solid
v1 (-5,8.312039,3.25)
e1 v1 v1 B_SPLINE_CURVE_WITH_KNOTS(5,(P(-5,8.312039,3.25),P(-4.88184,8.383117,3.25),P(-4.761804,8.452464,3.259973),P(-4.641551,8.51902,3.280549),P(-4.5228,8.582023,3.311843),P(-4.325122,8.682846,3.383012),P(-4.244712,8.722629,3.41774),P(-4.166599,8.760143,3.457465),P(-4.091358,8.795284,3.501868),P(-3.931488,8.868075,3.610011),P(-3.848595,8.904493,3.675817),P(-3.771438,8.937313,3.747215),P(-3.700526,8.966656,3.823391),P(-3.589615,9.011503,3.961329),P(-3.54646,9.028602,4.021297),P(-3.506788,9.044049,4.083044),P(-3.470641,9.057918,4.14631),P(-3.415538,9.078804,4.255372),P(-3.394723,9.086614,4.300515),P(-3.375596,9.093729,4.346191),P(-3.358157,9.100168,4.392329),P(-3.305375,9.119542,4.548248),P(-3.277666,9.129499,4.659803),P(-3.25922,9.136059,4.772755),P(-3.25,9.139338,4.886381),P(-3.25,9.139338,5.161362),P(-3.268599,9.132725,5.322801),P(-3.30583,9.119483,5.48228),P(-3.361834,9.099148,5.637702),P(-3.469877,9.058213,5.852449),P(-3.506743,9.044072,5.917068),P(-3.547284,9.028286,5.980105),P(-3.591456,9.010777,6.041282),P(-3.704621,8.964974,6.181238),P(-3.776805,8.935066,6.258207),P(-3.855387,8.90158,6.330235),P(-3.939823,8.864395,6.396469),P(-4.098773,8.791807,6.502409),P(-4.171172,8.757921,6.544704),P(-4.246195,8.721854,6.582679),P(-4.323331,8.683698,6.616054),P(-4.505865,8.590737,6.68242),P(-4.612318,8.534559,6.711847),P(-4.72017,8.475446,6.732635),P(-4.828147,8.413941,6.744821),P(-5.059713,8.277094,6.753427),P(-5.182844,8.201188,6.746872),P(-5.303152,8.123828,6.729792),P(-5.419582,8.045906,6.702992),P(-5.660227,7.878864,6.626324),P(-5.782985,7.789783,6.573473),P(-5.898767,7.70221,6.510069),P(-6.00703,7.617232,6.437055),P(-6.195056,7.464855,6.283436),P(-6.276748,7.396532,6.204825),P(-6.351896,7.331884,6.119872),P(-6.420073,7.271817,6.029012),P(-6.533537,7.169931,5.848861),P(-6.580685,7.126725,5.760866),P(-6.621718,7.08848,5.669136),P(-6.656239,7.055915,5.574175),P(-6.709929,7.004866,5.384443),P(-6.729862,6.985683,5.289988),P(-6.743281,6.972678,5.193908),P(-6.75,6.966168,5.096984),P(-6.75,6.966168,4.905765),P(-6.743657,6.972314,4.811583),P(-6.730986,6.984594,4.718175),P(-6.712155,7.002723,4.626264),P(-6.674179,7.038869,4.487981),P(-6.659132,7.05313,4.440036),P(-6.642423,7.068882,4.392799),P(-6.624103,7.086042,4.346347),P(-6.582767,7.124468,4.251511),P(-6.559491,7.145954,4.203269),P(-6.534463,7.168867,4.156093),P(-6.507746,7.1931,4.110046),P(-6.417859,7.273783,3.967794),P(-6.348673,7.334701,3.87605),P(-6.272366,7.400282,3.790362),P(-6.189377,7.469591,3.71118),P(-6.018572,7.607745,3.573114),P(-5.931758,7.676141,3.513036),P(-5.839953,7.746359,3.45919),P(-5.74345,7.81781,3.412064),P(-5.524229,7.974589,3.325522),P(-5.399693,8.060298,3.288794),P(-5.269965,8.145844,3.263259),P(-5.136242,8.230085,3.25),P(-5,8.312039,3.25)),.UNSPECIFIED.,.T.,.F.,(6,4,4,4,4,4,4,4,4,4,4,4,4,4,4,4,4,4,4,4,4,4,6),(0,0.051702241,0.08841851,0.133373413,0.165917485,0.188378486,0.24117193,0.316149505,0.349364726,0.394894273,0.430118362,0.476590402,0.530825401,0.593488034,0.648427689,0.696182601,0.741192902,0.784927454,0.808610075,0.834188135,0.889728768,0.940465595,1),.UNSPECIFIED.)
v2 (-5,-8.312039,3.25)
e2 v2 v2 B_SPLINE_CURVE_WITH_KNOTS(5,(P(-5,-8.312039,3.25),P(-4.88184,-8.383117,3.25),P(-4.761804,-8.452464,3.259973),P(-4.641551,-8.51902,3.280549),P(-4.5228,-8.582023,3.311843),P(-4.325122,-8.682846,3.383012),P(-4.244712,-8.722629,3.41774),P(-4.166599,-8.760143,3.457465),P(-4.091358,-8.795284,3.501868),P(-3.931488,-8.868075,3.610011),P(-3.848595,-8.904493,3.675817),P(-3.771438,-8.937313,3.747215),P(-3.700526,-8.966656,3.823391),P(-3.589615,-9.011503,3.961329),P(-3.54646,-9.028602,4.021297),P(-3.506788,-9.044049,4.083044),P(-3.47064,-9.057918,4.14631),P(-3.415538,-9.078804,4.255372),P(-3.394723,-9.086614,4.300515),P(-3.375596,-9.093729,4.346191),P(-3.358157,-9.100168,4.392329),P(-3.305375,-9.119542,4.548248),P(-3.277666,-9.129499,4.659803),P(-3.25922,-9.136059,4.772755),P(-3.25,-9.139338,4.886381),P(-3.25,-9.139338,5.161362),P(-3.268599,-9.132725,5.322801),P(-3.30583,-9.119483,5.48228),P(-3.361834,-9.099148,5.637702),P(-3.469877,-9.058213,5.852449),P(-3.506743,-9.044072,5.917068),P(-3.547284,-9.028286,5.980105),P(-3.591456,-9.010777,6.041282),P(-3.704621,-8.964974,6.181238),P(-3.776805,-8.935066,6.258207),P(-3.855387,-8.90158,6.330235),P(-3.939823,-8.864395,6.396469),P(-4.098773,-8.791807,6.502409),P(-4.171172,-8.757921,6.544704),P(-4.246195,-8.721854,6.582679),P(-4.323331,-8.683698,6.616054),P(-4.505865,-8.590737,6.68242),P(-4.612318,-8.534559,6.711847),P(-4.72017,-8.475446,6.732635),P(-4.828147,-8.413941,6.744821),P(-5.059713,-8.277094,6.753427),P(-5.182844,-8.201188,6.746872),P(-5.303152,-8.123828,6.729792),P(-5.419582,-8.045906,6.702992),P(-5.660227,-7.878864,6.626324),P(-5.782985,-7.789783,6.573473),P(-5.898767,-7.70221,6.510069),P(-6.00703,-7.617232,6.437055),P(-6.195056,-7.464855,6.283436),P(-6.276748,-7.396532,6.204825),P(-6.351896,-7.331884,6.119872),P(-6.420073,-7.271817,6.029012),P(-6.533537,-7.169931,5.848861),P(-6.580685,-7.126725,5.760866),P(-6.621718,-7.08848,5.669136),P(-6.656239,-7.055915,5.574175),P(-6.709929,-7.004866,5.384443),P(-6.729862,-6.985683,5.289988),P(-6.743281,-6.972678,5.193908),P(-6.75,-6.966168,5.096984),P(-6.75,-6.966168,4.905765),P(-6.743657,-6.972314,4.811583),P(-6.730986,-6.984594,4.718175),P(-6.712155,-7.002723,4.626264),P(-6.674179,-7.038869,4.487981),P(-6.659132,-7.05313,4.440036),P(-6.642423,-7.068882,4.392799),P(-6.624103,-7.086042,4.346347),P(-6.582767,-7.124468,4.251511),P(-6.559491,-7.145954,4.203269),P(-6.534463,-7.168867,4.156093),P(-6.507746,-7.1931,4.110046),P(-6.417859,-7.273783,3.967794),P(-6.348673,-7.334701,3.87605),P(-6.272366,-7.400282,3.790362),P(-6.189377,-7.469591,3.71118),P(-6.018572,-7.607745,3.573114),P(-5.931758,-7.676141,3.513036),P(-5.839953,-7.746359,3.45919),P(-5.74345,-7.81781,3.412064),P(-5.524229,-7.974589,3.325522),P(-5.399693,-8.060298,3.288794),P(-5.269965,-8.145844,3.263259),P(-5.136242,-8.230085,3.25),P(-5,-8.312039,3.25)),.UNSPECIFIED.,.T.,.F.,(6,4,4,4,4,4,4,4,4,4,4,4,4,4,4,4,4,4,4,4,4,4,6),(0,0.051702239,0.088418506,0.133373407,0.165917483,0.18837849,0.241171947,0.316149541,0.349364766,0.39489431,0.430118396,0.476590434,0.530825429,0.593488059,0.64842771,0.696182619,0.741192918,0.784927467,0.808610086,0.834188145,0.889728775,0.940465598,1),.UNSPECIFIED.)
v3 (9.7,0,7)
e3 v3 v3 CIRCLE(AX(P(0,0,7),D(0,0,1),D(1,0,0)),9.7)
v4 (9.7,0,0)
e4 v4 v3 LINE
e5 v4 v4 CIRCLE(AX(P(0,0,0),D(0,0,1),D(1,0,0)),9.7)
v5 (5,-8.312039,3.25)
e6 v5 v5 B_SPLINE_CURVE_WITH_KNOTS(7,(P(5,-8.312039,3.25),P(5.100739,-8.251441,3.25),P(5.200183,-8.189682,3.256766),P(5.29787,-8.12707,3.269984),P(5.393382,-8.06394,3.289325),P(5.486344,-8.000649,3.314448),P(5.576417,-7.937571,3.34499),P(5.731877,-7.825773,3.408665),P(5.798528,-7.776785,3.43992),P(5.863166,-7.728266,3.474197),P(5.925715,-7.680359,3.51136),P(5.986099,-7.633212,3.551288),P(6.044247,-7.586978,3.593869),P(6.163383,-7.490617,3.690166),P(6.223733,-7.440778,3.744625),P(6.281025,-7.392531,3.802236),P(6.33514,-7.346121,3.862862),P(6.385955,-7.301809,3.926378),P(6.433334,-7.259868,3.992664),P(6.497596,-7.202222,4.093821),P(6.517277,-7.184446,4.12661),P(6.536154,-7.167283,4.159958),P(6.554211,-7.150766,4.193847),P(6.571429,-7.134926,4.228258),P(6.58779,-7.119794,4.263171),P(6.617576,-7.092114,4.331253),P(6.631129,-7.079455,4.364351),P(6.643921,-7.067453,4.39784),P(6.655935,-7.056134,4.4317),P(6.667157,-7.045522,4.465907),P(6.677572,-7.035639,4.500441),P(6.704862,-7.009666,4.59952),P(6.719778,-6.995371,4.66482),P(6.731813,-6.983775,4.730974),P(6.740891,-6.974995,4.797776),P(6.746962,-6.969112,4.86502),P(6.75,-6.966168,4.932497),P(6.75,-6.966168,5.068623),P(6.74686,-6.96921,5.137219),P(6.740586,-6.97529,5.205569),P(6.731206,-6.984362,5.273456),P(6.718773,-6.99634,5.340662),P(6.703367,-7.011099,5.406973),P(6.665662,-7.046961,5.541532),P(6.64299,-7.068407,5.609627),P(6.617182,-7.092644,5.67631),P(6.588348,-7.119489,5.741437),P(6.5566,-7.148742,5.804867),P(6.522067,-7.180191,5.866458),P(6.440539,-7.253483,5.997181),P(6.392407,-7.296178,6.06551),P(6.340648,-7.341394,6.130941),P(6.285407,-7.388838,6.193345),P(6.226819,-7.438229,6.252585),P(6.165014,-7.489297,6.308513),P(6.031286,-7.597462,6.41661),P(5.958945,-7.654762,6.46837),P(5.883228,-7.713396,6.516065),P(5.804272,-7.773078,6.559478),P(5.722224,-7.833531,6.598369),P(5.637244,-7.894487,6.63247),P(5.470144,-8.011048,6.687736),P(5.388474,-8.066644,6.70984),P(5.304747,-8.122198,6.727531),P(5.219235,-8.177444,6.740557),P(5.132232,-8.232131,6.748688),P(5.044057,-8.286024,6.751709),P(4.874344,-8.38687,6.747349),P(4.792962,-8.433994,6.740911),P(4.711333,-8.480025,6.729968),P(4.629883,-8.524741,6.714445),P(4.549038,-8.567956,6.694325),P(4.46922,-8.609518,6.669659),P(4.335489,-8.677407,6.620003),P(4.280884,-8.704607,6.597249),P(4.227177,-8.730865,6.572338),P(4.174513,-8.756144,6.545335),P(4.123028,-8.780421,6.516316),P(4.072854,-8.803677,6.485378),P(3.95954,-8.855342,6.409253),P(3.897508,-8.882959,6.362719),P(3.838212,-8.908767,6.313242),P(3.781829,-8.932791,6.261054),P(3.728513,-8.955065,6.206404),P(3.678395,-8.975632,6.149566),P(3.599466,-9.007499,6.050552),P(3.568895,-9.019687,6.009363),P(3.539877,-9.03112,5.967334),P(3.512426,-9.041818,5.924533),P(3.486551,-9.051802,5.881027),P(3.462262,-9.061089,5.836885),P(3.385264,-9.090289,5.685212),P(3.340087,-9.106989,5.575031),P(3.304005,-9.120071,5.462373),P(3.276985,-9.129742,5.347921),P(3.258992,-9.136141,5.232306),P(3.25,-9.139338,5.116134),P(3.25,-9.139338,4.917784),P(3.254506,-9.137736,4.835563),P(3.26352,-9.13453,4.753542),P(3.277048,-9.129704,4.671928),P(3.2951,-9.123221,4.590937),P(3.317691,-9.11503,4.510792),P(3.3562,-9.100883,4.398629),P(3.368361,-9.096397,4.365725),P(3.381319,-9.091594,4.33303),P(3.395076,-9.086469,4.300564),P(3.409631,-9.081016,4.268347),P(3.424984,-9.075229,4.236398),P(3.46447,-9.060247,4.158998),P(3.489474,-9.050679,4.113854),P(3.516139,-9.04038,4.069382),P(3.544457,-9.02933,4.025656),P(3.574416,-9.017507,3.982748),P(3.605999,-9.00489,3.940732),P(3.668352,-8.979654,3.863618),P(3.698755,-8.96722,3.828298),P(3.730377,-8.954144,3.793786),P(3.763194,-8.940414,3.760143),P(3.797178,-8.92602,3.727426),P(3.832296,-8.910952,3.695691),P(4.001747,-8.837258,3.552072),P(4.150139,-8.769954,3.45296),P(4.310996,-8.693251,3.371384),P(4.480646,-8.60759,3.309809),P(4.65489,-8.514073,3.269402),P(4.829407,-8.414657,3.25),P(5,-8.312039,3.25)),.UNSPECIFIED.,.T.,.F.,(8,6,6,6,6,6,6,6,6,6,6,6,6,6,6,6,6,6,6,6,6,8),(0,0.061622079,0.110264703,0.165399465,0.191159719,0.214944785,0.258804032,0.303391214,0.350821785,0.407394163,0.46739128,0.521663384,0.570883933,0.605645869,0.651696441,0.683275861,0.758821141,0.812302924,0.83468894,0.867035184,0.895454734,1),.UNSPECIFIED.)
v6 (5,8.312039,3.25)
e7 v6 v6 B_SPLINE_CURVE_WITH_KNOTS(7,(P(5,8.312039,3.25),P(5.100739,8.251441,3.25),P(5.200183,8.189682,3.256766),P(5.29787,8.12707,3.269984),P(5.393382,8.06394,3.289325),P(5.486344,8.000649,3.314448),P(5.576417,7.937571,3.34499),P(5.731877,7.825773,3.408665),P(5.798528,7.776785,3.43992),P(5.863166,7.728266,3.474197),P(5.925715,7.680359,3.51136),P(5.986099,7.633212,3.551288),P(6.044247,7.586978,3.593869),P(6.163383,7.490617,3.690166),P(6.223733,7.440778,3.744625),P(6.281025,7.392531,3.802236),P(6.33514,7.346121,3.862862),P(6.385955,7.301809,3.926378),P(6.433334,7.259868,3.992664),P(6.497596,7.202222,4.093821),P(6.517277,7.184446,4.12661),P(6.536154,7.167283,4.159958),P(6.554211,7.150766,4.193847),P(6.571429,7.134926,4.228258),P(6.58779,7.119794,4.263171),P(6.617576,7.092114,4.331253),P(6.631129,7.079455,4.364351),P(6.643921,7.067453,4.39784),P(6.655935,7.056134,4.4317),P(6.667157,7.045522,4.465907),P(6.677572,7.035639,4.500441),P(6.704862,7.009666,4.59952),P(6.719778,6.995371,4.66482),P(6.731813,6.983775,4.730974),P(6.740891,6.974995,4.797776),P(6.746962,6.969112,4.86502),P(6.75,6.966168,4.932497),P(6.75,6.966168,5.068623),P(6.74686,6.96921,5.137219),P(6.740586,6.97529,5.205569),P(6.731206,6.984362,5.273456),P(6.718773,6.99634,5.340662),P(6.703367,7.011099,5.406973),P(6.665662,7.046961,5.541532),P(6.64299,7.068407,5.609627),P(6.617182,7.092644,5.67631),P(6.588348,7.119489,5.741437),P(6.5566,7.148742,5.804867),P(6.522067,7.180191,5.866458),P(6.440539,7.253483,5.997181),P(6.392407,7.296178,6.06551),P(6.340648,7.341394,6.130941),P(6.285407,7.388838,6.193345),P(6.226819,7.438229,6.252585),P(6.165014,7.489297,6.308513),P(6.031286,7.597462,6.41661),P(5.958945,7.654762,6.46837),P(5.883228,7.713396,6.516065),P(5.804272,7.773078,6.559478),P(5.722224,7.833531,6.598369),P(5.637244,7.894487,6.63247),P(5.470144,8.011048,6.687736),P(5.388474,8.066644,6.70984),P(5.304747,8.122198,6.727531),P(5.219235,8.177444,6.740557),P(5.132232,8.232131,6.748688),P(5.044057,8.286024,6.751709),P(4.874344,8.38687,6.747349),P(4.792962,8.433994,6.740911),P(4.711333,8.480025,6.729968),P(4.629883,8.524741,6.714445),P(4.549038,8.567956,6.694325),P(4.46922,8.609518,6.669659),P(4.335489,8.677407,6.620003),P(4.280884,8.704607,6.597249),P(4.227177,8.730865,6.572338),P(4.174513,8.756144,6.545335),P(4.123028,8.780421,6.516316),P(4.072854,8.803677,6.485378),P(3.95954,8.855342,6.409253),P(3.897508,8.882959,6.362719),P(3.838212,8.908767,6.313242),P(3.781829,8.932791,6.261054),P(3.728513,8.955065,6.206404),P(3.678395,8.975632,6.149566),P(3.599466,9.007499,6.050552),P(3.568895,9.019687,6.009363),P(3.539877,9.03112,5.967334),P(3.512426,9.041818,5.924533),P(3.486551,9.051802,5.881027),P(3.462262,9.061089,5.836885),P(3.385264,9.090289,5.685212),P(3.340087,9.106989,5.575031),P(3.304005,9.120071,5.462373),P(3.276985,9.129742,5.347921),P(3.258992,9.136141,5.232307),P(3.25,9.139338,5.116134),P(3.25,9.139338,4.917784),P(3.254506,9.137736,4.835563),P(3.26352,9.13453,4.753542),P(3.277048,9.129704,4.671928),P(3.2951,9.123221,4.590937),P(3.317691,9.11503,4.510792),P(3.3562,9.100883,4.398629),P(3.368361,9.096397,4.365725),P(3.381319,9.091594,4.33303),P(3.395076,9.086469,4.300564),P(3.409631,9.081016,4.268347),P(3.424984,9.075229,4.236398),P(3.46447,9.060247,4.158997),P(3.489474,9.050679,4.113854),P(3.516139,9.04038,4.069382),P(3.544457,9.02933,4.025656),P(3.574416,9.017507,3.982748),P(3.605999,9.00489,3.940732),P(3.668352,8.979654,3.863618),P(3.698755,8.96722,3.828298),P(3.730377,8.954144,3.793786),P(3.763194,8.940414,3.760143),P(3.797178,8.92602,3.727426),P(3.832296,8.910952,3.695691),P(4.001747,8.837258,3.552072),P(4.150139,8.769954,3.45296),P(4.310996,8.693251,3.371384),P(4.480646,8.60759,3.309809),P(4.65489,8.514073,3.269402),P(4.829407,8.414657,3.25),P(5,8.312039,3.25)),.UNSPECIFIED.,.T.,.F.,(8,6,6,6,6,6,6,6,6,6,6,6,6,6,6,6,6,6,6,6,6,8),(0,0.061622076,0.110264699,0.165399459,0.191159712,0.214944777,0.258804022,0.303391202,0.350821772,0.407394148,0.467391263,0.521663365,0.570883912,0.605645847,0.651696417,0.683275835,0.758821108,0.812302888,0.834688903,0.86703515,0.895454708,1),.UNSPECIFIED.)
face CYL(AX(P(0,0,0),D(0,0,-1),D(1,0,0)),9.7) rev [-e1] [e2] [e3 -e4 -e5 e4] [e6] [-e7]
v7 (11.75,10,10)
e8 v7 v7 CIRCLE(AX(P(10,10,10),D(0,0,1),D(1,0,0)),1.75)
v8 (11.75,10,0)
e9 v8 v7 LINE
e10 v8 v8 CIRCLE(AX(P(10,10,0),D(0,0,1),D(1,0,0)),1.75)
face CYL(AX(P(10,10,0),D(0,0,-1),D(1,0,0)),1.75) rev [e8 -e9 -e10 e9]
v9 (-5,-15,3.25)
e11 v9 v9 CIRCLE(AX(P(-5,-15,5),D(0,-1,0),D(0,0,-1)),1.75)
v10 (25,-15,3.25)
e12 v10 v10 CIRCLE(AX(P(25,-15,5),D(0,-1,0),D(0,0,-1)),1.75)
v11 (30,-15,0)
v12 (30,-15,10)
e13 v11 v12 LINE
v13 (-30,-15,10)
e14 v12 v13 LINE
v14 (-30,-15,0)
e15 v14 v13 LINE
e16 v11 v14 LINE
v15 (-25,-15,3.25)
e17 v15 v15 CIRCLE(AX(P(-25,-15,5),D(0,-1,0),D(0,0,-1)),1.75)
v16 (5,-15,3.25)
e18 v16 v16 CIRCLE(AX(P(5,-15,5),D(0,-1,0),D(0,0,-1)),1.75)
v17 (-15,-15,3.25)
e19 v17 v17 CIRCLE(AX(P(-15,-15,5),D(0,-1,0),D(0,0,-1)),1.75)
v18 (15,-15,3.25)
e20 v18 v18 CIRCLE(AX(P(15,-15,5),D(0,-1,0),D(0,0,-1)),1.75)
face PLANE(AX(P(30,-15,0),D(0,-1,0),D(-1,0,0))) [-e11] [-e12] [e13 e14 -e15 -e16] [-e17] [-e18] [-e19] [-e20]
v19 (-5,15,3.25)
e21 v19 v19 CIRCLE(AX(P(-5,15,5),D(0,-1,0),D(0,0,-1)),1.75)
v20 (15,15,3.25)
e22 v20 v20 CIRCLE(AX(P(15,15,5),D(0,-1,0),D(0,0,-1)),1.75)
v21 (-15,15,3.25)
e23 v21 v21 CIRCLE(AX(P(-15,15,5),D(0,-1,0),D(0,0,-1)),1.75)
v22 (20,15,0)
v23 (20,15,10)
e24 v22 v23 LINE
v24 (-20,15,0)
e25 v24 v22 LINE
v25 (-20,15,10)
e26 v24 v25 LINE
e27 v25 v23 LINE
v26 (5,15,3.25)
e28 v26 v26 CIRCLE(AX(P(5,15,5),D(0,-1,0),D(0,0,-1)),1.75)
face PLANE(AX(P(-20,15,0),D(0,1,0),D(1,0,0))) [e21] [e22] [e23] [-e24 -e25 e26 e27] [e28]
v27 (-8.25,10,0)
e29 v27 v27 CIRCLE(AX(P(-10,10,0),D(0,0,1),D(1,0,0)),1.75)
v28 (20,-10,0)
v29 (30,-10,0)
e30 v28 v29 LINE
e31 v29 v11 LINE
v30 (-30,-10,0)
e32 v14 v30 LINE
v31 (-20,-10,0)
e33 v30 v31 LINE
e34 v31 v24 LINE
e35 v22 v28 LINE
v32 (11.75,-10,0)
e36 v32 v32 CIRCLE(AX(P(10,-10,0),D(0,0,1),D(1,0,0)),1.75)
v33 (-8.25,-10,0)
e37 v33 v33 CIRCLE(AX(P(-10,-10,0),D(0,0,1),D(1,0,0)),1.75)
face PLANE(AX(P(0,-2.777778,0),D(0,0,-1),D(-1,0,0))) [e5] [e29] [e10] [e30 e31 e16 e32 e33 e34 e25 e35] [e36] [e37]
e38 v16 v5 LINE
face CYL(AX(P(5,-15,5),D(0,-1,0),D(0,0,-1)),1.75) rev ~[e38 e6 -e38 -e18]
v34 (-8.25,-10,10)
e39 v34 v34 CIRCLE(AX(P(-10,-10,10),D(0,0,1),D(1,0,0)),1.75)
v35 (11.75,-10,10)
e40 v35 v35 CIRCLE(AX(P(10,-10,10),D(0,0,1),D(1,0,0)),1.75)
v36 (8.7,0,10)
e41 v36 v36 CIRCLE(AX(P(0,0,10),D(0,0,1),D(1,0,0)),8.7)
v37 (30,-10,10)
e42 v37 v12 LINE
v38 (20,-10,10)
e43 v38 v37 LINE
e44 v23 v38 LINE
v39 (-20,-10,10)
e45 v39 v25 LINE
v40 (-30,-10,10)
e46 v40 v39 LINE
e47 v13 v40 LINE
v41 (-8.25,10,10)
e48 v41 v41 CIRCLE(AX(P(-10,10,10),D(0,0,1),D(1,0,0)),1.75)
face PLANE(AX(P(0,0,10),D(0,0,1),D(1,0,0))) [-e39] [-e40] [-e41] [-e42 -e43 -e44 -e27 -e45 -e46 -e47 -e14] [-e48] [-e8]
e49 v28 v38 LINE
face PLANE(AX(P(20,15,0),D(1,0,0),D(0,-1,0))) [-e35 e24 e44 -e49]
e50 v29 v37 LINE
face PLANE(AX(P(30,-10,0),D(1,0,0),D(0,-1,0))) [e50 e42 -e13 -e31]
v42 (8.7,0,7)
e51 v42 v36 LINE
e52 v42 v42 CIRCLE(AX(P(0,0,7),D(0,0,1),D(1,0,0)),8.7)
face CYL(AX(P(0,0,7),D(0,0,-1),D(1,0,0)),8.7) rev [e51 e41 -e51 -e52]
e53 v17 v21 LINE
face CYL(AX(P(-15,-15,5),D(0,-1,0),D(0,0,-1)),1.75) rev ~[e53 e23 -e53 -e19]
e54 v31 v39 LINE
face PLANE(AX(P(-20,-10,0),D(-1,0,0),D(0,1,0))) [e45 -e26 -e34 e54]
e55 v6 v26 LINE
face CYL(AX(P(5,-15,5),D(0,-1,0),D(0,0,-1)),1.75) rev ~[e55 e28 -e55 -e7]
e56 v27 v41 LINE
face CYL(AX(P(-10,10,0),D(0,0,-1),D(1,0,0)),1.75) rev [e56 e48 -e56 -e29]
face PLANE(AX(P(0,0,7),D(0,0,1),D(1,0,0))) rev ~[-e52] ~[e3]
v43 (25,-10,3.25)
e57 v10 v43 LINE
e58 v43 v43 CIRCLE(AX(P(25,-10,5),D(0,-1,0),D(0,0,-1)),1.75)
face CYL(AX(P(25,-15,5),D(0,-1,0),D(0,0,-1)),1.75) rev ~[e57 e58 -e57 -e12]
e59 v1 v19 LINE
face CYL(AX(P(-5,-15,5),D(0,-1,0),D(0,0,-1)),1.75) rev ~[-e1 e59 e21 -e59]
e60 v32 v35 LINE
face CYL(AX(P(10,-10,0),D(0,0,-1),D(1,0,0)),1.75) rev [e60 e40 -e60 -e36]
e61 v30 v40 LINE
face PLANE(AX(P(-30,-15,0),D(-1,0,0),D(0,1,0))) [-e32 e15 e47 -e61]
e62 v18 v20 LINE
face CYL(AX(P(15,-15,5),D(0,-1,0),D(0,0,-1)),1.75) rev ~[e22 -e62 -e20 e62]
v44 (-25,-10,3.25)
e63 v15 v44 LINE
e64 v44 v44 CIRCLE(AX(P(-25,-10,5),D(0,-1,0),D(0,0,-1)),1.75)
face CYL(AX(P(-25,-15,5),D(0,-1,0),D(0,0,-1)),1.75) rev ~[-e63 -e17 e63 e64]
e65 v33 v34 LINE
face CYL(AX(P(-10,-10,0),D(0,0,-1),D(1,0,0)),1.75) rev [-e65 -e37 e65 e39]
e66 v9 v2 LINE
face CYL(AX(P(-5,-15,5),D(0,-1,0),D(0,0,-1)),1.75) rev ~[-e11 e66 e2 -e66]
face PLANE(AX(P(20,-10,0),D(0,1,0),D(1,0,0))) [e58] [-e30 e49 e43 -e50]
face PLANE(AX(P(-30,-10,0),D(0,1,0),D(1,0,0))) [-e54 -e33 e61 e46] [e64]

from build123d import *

# Parameters (mm, degrees)
ESQUISSE1_R             = 9.7
ESQUISSE1_R_2           = 1.75
BOSS_EXTRU_1_DEPTH      = 10
BOSS_EXTRU_2_START      = -3
ESQUISSE2_R             = 9.7
ESQUISSE2_R_2           = 8.7
BOSS_EXTRU_2_DEPTH      = 3
ESQUISSE3_R             = 1.75
ENL_V_MAT_EXTRU_1_DEPTH = 44.588989435


with BuildPart() as part:
    # Esquisse1 → Boss.-Extru.1 (new body)
    with BuildSketch(Plane.XY):
        Polygon((-20, -10), (-20, 15), (20, 15), (20, -10), (30, -10), (30, -15), (-30, -15), (-30, -10), align=None)
        Circle(ESQUISSE1_R, mode=Mode.SUBTRACT)
        with Locations((10, 10)):
            Circle(ESQUISSE1_R_2, mode=Mode.SUBTRACT)
        with Locations((-10, 10)):
            Circle(ESQUISSE1_R_2, mode=Mode.SUBTRACT)
        with Locations((-10, -10)):
            Circle(ESQUISSE1_R_2, mode=Mode.SUBTRACT)
        with Locations((10, -10)):
            Circle(ESQUISSE1_R_2, mode=Mode.SUBTRACT)
    extrude(amount=BOSS_EXTRU_1_DEPTH)

    # Esquisse2 → Boss.-Extru.2 (add)
    with BuildSketch(Plane.XY.offset(10).offset(BOSS_EXTRU_2_START)):
        Circle(ESQUISSE2_R)
        Circle(ESQUISSE2_R_2, mode=Mode.SUBTRACT)
    extrude(amount=BOSS_EXTRU_2_DEPTH)

    # Esquisse3 → Enlèv. mat.-Extru.1 (cut, through all)
    with BuildSketch(Plane.XZ.offset(15)):
        with Locations(Location((-25, 5, 0), (0, 0, 270))):
            Circle(ESQUISSE3_R)
        with Locations(Location((-15, 5, 0), (0, 0, 270))):
            Circle(ESQUISSE3_R)
        with Locations(Location((-5, 5, 0), (0, 0, 270))):
            Circle(ESQUISSE3_R)
        with Locations(Location((5, 5, 0), (0, 0, 270))):
            Circle(ESQUISSE3_R)
        with Locations(Location((15, 5, 0), (0, 0, 270))):
            Circle(ESQUISSE3_R)
        with Locations(Location((25, 5, 0), (0, 0, 270))):
            Circle(ESQUISSE3_R)
    extrude(amount=-ENL_V_MAT_EXTRU_1_DEPTH, mode=Mode.SUBTRACT)


solid = part.part
